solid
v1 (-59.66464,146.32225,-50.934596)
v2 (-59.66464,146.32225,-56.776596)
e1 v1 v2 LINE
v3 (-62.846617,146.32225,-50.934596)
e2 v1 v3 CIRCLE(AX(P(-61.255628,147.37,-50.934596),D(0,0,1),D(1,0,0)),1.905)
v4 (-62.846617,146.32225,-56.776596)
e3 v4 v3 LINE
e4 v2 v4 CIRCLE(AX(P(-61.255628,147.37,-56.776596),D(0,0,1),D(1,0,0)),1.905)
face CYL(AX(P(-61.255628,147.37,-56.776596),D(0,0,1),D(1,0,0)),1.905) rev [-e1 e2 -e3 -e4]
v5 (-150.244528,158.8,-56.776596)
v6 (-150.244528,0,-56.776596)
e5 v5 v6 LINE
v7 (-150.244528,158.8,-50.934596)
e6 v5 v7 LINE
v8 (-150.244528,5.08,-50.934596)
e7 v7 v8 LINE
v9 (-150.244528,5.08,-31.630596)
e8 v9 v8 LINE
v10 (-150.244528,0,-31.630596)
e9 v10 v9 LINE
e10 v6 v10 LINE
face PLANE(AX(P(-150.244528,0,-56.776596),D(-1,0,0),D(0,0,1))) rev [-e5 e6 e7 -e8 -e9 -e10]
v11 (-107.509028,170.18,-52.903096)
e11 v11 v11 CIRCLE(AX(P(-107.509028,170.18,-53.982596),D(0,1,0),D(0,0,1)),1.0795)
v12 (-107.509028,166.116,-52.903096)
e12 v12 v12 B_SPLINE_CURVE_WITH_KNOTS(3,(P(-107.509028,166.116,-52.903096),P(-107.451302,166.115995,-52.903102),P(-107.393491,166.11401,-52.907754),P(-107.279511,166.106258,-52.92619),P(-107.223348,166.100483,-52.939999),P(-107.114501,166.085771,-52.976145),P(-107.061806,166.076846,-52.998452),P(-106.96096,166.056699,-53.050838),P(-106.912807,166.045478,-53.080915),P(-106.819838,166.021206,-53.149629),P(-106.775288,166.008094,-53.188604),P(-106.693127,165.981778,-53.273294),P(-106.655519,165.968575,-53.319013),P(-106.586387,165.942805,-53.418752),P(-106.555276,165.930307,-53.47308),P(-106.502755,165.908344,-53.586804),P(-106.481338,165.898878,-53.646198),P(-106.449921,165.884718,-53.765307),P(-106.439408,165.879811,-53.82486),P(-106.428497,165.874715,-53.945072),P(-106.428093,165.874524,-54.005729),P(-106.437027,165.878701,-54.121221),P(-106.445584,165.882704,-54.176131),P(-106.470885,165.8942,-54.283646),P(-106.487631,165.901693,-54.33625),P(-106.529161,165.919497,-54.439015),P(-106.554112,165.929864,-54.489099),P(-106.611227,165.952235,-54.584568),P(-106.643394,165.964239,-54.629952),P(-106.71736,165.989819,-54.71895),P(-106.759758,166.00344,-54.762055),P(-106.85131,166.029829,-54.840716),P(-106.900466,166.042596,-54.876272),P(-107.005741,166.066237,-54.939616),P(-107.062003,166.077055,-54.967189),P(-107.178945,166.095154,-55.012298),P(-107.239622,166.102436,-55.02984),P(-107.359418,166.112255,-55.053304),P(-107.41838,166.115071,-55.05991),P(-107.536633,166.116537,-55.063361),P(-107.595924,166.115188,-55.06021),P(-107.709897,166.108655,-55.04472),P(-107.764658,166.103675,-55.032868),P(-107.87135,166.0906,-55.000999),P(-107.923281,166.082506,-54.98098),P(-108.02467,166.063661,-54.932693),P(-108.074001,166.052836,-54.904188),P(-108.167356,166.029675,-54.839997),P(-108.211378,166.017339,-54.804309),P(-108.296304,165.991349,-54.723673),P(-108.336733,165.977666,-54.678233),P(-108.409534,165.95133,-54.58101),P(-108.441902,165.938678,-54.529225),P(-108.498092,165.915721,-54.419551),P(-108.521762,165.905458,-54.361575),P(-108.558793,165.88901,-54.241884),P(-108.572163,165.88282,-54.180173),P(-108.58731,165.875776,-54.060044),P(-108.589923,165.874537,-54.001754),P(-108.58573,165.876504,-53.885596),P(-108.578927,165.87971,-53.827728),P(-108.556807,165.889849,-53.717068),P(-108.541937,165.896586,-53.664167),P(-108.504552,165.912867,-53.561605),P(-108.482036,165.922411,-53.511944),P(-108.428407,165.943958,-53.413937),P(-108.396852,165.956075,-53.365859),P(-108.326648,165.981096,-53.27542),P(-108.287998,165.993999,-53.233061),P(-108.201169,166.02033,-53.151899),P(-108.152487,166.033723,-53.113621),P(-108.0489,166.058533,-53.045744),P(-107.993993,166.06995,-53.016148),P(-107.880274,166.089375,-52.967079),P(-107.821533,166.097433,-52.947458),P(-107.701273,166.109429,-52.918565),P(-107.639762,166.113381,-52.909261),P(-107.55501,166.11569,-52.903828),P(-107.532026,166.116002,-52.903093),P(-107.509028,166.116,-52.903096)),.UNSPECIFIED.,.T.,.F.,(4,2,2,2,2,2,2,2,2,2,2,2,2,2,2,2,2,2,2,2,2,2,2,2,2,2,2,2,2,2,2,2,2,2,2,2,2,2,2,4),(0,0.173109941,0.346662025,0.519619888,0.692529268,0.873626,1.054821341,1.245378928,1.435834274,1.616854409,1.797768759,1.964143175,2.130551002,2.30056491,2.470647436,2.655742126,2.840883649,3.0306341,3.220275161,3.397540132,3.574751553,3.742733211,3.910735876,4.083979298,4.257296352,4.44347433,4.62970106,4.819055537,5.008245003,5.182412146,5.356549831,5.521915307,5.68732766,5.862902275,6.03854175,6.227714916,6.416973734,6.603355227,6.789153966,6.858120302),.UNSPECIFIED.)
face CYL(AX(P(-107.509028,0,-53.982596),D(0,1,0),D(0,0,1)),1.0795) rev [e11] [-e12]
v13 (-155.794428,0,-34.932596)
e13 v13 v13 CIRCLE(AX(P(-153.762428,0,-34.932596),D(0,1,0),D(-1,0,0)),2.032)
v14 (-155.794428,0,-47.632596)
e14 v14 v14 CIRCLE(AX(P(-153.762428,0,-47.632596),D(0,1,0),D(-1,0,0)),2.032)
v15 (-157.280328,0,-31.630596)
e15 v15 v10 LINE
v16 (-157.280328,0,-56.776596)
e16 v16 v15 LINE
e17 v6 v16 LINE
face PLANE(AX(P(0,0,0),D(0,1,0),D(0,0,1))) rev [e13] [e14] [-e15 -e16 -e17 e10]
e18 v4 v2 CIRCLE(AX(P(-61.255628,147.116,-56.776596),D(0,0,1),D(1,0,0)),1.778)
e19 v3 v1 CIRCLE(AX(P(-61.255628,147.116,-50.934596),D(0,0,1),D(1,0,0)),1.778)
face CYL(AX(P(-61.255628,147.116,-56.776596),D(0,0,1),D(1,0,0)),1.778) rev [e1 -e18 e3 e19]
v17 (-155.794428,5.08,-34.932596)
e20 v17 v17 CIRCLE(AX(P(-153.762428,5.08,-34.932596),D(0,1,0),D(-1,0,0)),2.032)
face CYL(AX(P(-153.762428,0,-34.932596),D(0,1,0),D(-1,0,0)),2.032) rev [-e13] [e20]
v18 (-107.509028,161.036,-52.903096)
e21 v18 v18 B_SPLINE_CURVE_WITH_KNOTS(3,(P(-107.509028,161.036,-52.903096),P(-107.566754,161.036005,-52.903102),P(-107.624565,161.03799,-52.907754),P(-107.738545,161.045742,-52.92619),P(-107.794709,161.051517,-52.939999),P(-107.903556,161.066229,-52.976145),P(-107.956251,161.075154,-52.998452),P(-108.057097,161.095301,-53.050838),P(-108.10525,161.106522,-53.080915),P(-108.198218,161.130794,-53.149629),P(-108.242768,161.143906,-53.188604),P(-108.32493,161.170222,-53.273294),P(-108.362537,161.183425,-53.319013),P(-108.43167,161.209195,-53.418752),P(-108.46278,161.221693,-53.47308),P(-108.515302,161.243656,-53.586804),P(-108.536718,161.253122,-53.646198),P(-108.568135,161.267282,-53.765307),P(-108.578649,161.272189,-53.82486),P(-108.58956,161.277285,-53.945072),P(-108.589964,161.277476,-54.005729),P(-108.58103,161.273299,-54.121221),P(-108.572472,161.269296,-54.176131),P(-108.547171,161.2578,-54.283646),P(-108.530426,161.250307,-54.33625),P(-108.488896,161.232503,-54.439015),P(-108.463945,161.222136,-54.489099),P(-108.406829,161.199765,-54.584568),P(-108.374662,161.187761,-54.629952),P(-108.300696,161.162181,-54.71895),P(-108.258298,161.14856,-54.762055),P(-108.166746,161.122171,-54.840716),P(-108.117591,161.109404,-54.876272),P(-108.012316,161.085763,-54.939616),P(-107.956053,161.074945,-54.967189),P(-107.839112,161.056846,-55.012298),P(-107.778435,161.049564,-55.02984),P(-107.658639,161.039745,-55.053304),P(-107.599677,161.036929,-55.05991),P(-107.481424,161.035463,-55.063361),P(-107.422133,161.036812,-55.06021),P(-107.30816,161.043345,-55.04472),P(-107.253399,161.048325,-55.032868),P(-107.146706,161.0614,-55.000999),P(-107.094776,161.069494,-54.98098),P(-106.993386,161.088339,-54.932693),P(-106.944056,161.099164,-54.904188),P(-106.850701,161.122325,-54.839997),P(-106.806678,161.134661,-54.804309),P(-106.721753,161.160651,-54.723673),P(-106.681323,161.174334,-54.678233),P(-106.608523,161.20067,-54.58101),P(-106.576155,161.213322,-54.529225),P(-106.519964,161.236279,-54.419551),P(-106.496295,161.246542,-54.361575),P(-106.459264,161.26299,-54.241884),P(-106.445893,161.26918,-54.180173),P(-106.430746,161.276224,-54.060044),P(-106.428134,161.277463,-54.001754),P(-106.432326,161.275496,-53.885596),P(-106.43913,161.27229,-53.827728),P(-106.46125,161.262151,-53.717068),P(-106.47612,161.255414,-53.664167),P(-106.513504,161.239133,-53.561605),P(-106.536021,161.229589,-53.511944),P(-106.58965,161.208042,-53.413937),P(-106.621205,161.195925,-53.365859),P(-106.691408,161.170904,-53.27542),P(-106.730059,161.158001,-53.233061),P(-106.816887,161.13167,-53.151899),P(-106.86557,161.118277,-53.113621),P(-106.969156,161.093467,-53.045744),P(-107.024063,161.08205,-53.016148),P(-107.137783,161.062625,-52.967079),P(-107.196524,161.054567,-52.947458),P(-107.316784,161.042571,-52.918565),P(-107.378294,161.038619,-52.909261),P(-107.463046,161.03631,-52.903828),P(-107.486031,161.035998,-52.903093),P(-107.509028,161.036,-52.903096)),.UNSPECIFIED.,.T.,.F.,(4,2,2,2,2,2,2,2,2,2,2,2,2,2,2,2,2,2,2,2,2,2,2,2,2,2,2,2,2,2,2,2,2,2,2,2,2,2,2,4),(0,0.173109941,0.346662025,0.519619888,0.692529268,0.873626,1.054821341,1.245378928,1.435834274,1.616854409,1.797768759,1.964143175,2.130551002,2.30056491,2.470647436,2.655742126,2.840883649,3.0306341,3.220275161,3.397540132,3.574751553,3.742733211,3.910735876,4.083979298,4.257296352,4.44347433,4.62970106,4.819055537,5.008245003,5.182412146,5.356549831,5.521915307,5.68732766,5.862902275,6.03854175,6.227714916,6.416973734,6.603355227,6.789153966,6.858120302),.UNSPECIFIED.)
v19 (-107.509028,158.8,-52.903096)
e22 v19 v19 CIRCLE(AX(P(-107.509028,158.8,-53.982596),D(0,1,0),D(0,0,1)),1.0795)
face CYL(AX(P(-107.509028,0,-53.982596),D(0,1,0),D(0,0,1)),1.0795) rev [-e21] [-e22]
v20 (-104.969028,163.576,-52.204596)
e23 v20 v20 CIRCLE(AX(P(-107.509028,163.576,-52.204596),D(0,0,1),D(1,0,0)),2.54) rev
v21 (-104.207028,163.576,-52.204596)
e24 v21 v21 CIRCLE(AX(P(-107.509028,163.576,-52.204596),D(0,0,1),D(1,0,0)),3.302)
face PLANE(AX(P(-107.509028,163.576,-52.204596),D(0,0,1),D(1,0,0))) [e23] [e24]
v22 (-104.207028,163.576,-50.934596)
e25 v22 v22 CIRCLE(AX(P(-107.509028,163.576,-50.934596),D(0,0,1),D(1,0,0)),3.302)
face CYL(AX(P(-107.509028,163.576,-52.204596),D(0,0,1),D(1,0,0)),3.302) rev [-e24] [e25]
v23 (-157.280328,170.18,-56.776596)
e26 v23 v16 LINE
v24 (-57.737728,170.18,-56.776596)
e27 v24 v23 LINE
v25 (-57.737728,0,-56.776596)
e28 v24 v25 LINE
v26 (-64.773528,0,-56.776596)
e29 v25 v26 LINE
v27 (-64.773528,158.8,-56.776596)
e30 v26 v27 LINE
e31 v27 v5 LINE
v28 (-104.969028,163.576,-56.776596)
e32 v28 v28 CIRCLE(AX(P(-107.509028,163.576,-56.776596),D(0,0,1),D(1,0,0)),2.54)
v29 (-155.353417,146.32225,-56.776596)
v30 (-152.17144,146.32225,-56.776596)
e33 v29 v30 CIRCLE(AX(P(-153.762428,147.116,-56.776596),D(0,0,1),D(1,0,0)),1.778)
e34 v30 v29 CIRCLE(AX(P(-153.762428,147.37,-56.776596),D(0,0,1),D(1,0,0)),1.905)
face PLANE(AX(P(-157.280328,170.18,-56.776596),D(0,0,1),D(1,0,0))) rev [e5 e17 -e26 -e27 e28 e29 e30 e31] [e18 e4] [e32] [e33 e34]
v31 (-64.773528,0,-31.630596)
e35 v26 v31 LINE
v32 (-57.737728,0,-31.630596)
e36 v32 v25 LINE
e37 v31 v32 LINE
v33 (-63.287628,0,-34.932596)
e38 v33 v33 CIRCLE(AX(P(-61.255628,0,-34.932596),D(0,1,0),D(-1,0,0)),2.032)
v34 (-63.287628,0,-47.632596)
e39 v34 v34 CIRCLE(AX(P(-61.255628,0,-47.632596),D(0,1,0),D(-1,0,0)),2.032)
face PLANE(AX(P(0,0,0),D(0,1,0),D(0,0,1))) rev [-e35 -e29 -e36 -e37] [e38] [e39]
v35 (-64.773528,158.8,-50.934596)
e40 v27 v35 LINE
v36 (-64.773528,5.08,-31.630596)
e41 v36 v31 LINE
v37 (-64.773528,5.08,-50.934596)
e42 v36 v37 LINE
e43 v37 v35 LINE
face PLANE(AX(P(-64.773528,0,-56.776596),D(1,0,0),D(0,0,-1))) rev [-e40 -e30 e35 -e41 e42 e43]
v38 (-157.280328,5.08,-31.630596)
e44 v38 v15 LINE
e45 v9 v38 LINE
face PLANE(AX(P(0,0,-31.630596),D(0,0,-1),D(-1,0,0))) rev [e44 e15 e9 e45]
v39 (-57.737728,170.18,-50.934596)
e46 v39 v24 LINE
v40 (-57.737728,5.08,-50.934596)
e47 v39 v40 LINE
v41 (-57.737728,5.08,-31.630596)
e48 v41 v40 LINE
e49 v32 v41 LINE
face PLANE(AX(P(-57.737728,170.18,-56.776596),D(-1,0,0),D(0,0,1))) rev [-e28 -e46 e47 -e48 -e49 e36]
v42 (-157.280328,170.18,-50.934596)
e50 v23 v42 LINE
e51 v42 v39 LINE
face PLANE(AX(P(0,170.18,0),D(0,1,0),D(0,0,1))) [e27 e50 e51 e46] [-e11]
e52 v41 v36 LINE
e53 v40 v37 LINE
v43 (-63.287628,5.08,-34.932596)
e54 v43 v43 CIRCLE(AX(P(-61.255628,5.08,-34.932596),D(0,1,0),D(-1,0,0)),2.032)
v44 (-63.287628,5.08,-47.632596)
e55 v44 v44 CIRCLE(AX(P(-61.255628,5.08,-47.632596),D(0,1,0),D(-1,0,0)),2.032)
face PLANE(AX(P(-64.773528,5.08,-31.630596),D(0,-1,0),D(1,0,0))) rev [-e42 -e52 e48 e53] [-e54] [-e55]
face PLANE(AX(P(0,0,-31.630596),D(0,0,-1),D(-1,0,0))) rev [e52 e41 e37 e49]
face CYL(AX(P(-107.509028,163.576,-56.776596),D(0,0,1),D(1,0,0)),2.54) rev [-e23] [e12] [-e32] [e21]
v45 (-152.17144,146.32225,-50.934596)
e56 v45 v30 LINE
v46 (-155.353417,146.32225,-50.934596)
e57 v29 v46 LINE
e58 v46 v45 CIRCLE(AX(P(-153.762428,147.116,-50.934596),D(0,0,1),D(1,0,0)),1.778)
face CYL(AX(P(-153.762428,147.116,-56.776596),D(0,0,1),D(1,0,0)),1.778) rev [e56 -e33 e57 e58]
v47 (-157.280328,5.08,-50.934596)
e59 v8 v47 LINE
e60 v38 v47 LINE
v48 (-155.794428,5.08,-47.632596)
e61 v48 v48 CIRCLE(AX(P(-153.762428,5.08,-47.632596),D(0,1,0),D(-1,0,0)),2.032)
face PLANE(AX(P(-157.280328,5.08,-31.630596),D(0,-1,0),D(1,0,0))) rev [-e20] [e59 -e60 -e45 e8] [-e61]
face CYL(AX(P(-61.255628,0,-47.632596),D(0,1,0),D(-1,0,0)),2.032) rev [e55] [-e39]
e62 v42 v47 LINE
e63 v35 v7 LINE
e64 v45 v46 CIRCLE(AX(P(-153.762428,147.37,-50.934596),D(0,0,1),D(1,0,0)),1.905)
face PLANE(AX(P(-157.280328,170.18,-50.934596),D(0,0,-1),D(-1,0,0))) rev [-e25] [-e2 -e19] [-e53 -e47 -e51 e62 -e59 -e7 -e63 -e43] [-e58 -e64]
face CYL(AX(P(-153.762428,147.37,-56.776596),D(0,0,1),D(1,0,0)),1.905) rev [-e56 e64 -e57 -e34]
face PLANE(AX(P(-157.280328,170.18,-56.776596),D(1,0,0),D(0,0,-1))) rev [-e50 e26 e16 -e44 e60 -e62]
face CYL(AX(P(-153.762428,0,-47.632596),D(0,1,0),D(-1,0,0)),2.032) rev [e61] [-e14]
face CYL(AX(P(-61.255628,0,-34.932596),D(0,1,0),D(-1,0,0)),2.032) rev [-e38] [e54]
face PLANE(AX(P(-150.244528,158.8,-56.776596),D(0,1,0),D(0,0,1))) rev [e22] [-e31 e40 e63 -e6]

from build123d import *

# Parameters (mm, degrees)
SKETCH1_W           = 99.5426
SKETCH1_H           = 5.842
BOSS_EXTRUDE1_DEPTH = 170.18
SKETCH2_W           = 85.471
SKETCH2_H           = 158.8
CUT_EXTRUDE1_DEPTH  = 232.802638094
SKETCH3_W           = 7.0358
SKETCH3_H           = 5.08
BOSS_EXTRUDE2_DEPTH = 19.304
SKETCH4_R           = 2.032
CUT_EXTRUDE2_DEPTH  = 235.986581553
SKETCH5_R           = 2.54
CUT_EXTRUDE3_DEPTH  = 233.531671991
SKETCH7_R           = 3.302
CUT_EXTRUDE4_DEPTH  = 1.27
SKETCH10_R          = 1.0795
CUT_EXTRUDE7_DEPTH  = 239.583142552
SKETCH11_R          = 1.778
CUT_EXTRUDE8_DEPTH  = 233.531672065
SKETCH9_R           = 1.905
CUT_EXTRUDE6_DEPTH  = 233.531672065


with BuildPart() as part:
    # Sketch1 → Boss-Extrude1 (new body)
    with BuildSketch(Plane(origin=(0, 0, 0), x_dir=(1, 0, 0), z_dir=(0, 1, 0))):
        with Locations((-107.509028278, 53.855595943)):
            Rectangle(SKETCH1_W, SKETCH1_H)
    extrude(amount=BOSS_EXTRUDE1_DEPTH)

    # Sketch2 → Cut-Extrude1 (cut, through all)
    with BuildSketch(Plane.XY.offset(-50.934595943)):
        with Locations((-107.509028278, 79.4)):
            Rectangle(SKETCH2_W, SKETCH2_H)
    extrude(amount=-CUT_EXTRUDE1_DEPTH, mode=Mode.SUBTRACT)

    # Sketch3 → Boss-Extrude2 (add)
    with BuildSketch(Plane.XY.offset(-50.934595943)):
        with Locations((-153.762428278, 2.54)):
            Rectangle(SKETCH3_W, SKETCH3_H)
        with Locations((-61.255628278, 2.54)):
            Rectangle(SKETCH3_W, SKETCH3_H)
    extrude(amount=BOSS_EXTRUDE2_DEPTH)

    # Sketch4 → Cut-Extrude2 (cut, through all)
    with BuildSketch(Plane(origin=(0, 5.08, 0), x_dir=(1, 0, 0), z_dir=(0, 1, 0))):
        with Locations(Location((-153.762428278, 34.932595943, 0), (0, 0, 180))):
            Circle(SKETCH4_R)
        with Locations(Location((-153.762428278, 47.632595943, 0), (0, 0, 180))):
            Circle(SKETCH4_R)
        with Locations(Location((-61.255628278, 34.932595943, 0), (0, 0, 180))):
            Circle(SKETCH4_R)
        with Locations(Location((-61.255628278, 47.632595943, 0), (0, 0, 180))):
            Circle(SKETCH4_R)
    extrude(amount=-CUT_EXTRUDE2_DEPTH, mode=Mode.SUBTRACT)

    # Sketch5 → Cut-Extrude3 (cut, through all)
    with BuildSketch(Plane.XY.offset(-50.934595943)):
        with Locations((-107.509028278, 163.576)):
            Circle(SKETCH5_R)
    extrude(amount=-CUT_EXTRUDE3_DEPTH, mode=Mode.SUBTRACT)

    # Sketch7 → Cut-Extrude4 (cut)
    with BuildSketch(Plane.XY.offset(-50.934595943)):
        with Locations((-107.509028278, 163.576)):
            Circle(SKETCH7_R)
    extrude(amount=-CUT_EXTRUDE4_DEPTH, mode=Mode.SUBTRACT)

    # Sketch10 → Cut-Extrude7 (cut, through all)
    with BuildSketch(Plane(origin=(0, 170.18, 0), x_dir=(1, 0, 0), z_dir=(0, 1, 0))):
        with Locations(Location((-107.509028278, 53.982595943, 0), (0, 0, 270))):
            Circle(SKETCH10_R)
    extrude(amount=-CUT_EXTRUDE7_DEPTH, mode=Mode.SUBTRACT)

    # Sketch11 → Cut-Extrude8 (cut, through all)
    with BuildSketch(Plane.XY.offset(-50.934595943)):
        with Locations((-153.762428278, 147.116)):
            Circle(SKETCH11_R)
        with Locations((-61.255628278, 147.116)):
            Circle(SKETCH11_R)
    extrude(amount=-CUT_EXTRUDE8_DEPTH, mode=Mode.SUBTRACT)

    # Sketch9 → Cut-Extrude6 (cut, through all)
    with BuildSketch(Plane.XY.offset(-50.934595943)):
        with Locations((-153.762428278, 147.37)):
            Circle(SKETCH9_R)
        with Locations((-61.255628278, 147.37)):
            Circle(SKETCH9_R)
    extrude(amount=-CUT_EXTRUDE6_DEPTH, mode=Mode.SUBTRACT)


solid = part.part
